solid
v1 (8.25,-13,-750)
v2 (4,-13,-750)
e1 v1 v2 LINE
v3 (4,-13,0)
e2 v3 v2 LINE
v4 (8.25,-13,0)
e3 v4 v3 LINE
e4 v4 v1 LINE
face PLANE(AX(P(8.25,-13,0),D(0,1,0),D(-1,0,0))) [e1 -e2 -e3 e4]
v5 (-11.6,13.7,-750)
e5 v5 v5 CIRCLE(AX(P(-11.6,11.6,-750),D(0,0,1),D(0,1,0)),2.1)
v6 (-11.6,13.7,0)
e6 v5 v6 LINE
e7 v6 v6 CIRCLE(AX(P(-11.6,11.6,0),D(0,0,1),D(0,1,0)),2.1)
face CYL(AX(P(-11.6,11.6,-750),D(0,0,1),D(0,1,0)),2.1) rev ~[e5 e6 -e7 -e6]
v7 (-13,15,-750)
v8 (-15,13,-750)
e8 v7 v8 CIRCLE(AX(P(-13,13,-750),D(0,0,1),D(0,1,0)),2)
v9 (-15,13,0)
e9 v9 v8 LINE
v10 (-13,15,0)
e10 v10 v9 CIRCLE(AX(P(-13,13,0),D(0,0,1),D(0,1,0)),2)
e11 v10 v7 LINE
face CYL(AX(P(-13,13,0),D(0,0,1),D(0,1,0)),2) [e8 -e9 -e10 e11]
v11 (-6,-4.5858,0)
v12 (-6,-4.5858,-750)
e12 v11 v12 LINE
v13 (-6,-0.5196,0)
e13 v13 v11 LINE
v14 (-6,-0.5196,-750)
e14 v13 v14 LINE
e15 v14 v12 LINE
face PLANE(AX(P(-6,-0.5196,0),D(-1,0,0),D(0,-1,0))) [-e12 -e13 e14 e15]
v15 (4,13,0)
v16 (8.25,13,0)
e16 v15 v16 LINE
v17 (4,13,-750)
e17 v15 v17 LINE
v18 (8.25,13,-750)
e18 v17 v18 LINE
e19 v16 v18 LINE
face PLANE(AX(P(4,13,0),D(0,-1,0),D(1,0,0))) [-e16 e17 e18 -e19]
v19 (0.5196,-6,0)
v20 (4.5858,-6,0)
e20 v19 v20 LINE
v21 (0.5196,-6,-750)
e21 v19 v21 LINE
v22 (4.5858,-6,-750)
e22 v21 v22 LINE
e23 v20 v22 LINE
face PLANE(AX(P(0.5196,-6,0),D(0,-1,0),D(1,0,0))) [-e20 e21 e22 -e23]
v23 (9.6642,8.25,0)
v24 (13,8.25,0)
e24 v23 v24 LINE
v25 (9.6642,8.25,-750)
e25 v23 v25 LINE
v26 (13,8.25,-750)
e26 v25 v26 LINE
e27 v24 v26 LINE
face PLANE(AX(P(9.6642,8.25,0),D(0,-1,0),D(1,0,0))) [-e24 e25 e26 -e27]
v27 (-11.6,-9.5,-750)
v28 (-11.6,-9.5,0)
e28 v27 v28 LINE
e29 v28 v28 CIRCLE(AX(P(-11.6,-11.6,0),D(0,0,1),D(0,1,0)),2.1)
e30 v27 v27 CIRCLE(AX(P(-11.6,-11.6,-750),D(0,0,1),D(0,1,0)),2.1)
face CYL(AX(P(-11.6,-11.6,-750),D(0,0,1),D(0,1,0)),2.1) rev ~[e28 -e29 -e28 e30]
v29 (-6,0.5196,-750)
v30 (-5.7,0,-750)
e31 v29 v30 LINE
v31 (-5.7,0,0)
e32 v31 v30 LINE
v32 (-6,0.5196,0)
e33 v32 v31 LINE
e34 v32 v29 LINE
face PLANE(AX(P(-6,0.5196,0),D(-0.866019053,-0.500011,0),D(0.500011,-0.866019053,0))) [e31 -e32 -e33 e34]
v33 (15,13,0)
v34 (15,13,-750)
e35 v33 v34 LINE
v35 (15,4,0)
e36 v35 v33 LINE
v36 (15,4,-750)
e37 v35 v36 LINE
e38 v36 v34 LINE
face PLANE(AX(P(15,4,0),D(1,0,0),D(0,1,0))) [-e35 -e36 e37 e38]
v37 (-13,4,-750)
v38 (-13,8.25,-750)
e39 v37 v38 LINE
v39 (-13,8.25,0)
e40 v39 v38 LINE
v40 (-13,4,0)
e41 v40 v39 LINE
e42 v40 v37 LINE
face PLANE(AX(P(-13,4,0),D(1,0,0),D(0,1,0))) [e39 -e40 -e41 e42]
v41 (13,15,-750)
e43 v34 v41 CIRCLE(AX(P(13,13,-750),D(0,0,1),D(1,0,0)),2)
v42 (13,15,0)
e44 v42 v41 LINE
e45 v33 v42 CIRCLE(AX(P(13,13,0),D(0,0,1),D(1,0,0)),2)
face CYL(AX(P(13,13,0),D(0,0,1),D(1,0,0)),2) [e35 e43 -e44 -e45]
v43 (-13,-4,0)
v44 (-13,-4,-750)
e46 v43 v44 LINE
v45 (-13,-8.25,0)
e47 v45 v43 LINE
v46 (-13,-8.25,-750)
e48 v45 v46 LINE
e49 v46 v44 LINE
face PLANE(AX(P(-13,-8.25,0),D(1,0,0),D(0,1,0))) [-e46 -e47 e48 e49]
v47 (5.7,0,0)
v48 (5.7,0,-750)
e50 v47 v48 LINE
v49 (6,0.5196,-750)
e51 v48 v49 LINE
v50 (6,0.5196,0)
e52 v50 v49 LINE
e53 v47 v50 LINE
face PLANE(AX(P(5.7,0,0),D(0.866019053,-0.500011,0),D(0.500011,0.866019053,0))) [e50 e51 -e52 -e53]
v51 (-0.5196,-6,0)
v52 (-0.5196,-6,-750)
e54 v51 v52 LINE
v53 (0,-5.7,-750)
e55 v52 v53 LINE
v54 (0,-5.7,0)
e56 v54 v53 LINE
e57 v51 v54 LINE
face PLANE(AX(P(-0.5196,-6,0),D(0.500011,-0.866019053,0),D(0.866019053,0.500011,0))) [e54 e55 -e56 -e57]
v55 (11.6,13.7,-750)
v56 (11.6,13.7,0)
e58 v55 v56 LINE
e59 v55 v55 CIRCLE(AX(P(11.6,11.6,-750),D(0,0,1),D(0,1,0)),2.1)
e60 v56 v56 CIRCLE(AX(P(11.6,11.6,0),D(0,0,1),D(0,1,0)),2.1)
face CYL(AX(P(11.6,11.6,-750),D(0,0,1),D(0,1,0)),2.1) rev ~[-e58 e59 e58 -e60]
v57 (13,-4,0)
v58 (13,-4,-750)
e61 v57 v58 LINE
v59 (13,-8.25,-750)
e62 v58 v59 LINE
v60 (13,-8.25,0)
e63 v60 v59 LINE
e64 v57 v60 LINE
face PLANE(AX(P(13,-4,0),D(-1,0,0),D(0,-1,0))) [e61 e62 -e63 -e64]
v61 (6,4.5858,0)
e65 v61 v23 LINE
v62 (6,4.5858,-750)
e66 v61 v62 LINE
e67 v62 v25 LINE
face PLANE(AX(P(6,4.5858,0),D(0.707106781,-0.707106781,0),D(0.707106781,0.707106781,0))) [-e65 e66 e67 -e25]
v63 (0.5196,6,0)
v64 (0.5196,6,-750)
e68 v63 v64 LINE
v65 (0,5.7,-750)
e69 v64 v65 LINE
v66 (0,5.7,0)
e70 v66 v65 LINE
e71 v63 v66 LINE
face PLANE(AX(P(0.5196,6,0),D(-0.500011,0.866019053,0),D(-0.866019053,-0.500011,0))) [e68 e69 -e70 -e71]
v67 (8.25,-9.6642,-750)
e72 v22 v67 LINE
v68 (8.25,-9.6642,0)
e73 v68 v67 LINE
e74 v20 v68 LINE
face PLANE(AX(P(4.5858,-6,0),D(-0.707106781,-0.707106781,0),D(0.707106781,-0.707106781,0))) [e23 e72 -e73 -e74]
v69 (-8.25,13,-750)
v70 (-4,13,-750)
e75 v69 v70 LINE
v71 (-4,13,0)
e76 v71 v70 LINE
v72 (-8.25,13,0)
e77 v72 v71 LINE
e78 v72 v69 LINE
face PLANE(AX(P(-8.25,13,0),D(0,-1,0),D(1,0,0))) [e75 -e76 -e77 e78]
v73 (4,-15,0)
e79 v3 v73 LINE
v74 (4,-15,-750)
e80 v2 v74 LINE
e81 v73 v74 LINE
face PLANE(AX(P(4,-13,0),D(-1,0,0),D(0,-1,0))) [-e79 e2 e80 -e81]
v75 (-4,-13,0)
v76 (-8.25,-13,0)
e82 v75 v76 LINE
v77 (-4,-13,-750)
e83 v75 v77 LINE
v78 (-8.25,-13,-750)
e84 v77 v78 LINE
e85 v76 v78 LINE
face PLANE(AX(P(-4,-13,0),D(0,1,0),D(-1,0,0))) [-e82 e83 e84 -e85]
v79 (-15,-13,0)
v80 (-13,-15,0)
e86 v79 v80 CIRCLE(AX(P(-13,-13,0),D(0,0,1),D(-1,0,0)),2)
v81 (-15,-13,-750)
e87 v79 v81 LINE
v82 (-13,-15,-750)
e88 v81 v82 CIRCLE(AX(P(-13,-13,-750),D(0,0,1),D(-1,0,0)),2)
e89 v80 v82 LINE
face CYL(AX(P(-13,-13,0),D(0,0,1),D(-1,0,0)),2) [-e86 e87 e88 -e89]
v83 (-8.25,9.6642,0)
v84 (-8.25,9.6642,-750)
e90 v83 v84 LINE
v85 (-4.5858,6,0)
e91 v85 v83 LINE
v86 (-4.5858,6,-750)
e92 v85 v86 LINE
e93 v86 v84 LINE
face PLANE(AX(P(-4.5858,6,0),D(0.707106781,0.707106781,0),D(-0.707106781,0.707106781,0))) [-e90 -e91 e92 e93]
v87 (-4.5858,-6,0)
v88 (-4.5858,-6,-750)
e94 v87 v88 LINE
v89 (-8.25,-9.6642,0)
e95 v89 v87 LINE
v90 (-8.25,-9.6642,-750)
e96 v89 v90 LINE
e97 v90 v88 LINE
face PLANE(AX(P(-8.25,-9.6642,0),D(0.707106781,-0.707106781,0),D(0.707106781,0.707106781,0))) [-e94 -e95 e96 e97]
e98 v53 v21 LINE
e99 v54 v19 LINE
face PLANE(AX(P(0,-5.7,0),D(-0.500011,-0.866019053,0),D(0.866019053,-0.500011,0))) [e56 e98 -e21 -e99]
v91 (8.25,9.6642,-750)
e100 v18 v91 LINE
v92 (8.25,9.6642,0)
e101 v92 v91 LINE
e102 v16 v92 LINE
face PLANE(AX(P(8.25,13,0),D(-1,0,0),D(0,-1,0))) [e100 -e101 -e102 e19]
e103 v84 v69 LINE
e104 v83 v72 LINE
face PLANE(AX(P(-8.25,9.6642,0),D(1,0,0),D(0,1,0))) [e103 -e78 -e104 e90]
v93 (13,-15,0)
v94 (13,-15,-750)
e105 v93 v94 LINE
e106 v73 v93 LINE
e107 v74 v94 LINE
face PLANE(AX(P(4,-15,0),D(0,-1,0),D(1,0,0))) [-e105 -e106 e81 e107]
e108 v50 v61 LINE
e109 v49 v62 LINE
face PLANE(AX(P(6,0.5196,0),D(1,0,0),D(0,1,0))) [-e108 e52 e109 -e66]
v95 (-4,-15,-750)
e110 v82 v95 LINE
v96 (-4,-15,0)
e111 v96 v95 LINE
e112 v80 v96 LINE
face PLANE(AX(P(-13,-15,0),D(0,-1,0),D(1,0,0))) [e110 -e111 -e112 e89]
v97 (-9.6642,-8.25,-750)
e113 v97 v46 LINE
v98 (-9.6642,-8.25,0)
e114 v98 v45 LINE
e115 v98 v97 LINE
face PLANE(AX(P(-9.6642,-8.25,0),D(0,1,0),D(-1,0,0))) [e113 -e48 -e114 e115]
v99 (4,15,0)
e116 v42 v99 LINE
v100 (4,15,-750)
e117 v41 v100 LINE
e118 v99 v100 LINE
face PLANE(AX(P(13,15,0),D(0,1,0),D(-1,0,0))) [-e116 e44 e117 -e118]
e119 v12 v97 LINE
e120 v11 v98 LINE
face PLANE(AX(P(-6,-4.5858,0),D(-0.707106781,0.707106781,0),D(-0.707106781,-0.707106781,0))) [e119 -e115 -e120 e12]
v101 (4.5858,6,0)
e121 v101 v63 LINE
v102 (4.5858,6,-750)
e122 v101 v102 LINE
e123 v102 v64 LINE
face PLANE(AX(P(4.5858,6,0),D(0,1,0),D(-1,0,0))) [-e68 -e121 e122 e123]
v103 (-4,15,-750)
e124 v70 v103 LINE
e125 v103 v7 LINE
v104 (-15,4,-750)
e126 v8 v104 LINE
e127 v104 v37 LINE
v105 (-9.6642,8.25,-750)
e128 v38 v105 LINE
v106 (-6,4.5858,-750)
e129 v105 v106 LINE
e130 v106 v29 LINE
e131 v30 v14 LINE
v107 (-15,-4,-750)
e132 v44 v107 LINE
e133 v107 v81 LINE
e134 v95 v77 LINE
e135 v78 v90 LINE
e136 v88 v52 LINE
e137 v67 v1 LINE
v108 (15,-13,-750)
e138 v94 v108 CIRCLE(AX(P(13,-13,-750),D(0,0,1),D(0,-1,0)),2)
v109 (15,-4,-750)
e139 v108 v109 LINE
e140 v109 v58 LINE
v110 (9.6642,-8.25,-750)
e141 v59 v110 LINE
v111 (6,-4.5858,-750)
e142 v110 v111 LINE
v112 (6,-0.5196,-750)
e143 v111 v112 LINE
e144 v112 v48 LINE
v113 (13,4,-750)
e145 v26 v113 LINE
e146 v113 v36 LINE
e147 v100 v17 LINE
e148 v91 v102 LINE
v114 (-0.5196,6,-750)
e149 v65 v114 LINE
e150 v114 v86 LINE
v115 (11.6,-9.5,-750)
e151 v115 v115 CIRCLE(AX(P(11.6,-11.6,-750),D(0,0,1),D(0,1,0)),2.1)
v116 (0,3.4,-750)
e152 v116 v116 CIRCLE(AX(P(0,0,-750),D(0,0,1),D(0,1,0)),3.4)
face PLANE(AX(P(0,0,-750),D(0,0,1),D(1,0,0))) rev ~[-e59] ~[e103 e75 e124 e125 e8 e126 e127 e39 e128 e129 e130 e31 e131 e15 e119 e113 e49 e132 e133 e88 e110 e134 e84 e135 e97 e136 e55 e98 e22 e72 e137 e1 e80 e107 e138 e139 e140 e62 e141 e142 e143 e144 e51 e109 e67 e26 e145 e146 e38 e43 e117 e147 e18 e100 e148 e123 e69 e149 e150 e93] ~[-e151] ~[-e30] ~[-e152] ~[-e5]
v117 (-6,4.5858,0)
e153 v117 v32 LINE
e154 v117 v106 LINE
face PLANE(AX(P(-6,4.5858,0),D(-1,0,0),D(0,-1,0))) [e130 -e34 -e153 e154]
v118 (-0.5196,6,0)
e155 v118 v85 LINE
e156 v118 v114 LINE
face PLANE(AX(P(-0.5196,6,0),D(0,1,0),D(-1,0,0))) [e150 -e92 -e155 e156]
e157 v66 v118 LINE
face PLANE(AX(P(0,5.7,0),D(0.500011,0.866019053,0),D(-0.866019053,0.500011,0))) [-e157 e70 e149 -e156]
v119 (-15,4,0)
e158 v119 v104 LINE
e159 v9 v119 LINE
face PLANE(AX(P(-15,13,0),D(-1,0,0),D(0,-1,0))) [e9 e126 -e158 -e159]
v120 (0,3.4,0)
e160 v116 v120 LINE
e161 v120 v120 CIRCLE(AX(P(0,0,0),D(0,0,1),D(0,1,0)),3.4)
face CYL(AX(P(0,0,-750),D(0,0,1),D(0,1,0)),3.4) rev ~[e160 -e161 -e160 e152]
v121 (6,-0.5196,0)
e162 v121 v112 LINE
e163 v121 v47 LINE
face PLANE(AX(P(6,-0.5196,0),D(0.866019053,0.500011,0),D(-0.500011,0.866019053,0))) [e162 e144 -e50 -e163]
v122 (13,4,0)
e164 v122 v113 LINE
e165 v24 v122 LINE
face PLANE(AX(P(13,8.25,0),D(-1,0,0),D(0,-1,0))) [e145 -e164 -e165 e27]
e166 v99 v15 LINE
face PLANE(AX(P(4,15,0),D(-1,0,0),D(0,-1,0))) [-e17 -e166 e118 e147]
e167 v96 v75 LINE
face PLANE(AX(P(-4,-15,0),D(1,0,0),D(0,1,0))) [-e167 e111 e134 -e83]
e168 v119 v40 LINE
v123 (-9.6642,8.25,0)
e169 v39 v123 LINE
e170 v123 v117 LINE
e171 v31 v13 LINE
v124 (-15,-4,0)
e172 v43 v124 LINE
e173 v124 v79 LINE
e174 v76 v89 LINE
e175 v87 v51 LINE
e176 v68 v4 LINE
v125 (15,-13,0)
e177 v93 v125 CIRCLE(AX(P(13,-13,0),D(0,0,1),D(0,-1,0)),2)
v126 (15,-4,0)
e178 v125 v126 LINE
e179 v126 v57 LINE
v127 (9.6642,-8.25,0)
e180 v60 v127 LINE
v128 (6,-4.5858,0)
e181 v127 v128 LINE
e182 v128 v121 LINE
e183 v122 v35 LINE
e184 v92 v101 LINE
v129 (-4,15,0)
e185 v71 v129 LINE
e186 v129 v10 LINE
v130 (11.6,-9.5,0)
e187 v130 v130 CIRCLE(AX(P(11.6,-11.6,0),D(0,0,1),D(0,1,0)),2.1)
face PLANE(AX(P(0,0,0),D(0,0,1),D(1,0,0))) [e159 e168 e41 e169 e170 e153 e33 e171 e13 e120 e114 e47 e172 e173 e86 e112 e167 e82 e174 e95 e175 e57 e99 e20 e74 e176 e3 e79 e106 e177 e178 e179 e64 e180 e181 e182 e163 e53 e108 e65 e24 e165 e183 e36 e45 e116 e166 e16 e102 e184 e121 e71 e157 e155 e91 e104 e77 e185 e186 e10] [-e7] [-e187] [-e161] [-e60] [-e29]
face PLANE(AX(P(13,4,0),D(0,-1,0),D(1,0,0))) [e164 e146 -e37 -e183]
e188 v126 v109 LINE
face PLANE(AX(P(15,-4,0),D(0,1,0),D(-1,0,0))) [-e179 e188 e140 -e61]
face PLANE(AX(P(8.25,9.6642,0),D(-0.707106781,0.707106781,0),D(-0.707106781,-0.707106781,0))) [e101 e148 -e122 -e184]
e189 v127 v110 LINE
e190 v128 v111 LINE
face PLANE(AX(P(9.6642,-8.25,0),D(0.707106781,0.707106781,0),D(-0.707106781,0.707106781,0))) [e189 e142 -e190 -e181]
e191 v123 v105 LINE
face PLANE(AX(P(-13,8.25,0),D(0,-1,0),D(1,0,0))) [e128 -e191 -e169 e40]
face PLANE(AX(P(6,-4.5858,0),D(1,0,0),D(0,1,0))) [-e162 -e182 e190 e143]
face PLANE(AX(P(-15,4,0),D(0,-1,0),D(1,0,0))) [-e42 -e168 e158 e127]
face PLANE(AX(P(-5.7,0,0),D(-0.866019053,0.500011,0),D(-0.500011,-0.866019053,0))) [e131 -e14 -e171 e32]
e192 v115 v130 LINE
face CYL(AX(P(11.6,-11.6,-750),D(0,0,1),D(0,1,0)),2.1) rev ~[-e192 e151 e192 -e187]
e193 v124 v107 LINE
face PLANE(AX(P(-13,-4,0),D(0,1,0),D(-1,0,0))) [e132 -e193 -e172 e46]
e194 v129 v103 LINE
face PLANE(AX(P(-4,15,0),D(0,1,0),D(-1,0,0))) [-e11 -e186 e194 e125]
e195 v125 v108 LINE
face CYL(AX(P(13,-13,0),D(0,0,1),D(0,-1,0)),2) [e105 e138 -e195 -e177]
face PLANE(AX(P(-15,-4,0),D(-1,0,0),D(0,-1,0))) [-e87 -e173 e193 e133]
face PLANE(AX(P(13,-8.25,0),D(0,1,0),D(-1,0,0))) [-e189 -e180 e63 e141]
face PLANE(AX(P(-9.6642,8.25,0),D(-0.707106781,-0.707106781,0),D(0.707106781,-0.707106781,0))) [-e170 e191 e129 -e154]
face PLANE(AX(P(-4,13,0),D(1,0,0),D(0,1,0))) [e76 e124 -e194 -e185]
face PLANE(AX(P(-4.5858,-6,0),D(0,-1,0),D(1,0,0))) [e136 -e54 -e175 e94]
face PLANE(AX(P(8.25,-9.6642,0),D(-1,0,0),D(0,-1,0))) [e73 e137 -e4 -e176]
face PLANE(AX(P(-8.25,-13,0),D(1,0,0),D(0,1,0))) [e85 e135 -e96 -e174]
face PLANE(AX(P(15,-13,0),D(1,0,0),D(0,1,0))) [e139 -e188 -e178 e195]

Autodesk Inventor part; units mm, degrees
sketch "Sketch_1" plane through (0, 0, 0) normal (0, 0, 1) x (1, 0, 0)
  line L0 (-15, 4) -> (-13, 4)
  line L1 (-13, 4) -> (-13, 8.25)
  line L2 (-13, 8.25) -> (-9.6642, 8.25)
  line L3 (-9.6642, 8.25) -> (-6, 4.5858)
  line L4 (-6, 4.5858) -> (-6, 0.5196)
  line L5 (-6, 0.5196) -> (-5.7, 0)
  line L6 (-5.7, 0) -> (-6, -0.5196)
  line L7 (-6, -0.5196) -> (-6, -4.5858)
  line L8 (-6, -4.5858) -> (-9.6642, -8.25)
  line L9 (-9.6642, -8.25) -> (-13, -8.25)
  line L10 (-13, -8.25) -> (-13, -4)
  line L11 (-13, -4) -> (-15, -4)
  line L12 (-15, -4) -> (-15, -13)
  arc A0 (-15, -13) -> (-13, -15) centre (-13, -13) ccw
  line L13 (-13, -15) -> (-4, -15)
  line L14 (-4, -15) -> (-4, -13)
  line L15 (-4, -13) -> (-8.25, -13)
  line L16 (-8.25, -13) -> (-8.25, -9.6642)
  line L17 (-8.25, -9.6642) -> (-4.5858, -6)
  line L18 (-4.5858, -6) -> (-0.5196, -6)
  line L19 (-0.5196, -6) -> (0, -5.7)
  line L20 (0, -5.7) -> (0.5196, -6)
  line L21 (0.5196, -6) -> (4.5858, -6)
  line L22 (4.5858, -6) -> (8.25, -9.6642)
  line L23 (8.25, -9.6642) -> (8.25, -13)
  line L24 (8.25, -13) -> (4, -13)
  line L25 (4, -13) -> (4, -15)
  line L26 (4, -15) -> (13, -15)
  arc A1 (13, -15) -> (15, -13) centre (13, -13) ccw
  line L27 (15, -13) -> (15, -4)
  line L28 (15, -4) -> (13, -4)
  line L29 (13, -4) -> (13, -8.25)
  line L30 (13, -8.25) -> (9.6642, -8.25)
  line L31 (9.6642, -8.25) -> (6, -4.5858)
  line L32 (6, -4.5858) -> (6, -0.5196)
  line L33 (6, -0.5196) -> (5.7, 0)
  line L34 (5.7, 0) -> (6, 0.5196)
  line L35 (6, 0.5196) -> (6, 4.5858)
  line L36 (6, 4.5858) -> (9.6642, 8.25)
  line L37 (9.6642, 8.25) -> (13, 8.25)
  line L38 (13, 8.25) -> (13, 4)
  line L39 (13, 4) -> (15, 4)
  line L40 (15, 4) -> (15, 13)
  arc A2 (15, 13) -> (13, 15) centre (13, 13) ccw
  line L41 (13, 15) -> (4, 15)
  line L42 (4, 15) -> (4, 13)
  line L43 (4, 13) -> (8.25, 13)
  line L44 (8.25, 13) -> (8.25, 9.6642)
  line L45 (8.25, 9.6642) -> (4.5858, 6)
  line L46 (4.5858, 6) -> (0.5196, 6)
  line L47 (0.5196, 6) -> (0, 5.7)
  line L48 (0, 5.7) -> (-0.5196, 6)
  line L49 (-0.5196, 6) -> (-4.5858, 6)
  line L50 (-4.5858, 6) -> (-8.25, 9.6642)
  line L51 (-8.25, 9.6642) -> (-8.25, 13)
  line L52 (-8.25, 13) -> (-4, 13)
  line L53 (-4, 13) -> (-4, 15)
  line L54 (-4, 15) -> (-13, 15)
  arc A3 (-13, 15) -> (-15, 13) centre (-13, 13) ccw
  line L55 (-15, 13) -> (-15, 4)
extrude "Extrusion1" add sketch "Sketch_1" against normal blind 750
sketch "Sketch2" plane through (0, 0, -750) normal (0, 0, -1) x (-1, 0, 0)
  point P0 (0, 0)
hole "Hole1" at (0, 0, -750) direction (0, 0, 1) diameter 6.8 depth 750
sketch "Sketch3" plane through (0, 0, -750) normal (0, 0, -1) x (-1, 0, 0)
  point P0 (-11.6, 11.6)
hole "Hole2" at (11.6, 11.6, -750) direction (0, 0, 1) diameter 4.2 depth 750
pattern_linear "Rectangular Pattern1" count 2 spacing 23.2 along (-1, 0, 0) count 2 spacing 23.2 along (0, -1, 0) of "Hole2"
ref_plane "C1_XY" through (0, 0, 0) normal (0, 0, 1) x (1, 0, 0)
ref_plane "C1_YZ" through (0, 0, 0) normal (1, 0, 0) x (0, 1, 0)
ref_plane "C1_ZX" through (0, 0, 0) normal (0, 1, 0) x (0, 0, 1)
ref_plane "to_frame_cap1_XY" through (0, 0, 0) normal (0, 0, 1) x (1, 0, 0)
ref_plane "to_frame_cap1_YZ" through (0, 0, 0) normal (1, 0, 0) x (0, 1, 0)
ref_plane "to_frame_cap1_ZX" through (0, 0, 0) normal (0, 1, 0) x (0, 0, 1)
ref_plane "to_frame_cap2_XY" through (0, 0, -750) normal (0, 0, -1) x (1, 0, 0)
ref_plane "to_frame_cap2_YZ" through (0, 0, -750) normal (1, 0, 0) x (0, -1, 0)
ref_plane "to_frame_cap2_ZX" through (0, 0, -750) normal (0, -1, 0) x (0, 0, -1)
properties part number "HFS6-3030-750"
